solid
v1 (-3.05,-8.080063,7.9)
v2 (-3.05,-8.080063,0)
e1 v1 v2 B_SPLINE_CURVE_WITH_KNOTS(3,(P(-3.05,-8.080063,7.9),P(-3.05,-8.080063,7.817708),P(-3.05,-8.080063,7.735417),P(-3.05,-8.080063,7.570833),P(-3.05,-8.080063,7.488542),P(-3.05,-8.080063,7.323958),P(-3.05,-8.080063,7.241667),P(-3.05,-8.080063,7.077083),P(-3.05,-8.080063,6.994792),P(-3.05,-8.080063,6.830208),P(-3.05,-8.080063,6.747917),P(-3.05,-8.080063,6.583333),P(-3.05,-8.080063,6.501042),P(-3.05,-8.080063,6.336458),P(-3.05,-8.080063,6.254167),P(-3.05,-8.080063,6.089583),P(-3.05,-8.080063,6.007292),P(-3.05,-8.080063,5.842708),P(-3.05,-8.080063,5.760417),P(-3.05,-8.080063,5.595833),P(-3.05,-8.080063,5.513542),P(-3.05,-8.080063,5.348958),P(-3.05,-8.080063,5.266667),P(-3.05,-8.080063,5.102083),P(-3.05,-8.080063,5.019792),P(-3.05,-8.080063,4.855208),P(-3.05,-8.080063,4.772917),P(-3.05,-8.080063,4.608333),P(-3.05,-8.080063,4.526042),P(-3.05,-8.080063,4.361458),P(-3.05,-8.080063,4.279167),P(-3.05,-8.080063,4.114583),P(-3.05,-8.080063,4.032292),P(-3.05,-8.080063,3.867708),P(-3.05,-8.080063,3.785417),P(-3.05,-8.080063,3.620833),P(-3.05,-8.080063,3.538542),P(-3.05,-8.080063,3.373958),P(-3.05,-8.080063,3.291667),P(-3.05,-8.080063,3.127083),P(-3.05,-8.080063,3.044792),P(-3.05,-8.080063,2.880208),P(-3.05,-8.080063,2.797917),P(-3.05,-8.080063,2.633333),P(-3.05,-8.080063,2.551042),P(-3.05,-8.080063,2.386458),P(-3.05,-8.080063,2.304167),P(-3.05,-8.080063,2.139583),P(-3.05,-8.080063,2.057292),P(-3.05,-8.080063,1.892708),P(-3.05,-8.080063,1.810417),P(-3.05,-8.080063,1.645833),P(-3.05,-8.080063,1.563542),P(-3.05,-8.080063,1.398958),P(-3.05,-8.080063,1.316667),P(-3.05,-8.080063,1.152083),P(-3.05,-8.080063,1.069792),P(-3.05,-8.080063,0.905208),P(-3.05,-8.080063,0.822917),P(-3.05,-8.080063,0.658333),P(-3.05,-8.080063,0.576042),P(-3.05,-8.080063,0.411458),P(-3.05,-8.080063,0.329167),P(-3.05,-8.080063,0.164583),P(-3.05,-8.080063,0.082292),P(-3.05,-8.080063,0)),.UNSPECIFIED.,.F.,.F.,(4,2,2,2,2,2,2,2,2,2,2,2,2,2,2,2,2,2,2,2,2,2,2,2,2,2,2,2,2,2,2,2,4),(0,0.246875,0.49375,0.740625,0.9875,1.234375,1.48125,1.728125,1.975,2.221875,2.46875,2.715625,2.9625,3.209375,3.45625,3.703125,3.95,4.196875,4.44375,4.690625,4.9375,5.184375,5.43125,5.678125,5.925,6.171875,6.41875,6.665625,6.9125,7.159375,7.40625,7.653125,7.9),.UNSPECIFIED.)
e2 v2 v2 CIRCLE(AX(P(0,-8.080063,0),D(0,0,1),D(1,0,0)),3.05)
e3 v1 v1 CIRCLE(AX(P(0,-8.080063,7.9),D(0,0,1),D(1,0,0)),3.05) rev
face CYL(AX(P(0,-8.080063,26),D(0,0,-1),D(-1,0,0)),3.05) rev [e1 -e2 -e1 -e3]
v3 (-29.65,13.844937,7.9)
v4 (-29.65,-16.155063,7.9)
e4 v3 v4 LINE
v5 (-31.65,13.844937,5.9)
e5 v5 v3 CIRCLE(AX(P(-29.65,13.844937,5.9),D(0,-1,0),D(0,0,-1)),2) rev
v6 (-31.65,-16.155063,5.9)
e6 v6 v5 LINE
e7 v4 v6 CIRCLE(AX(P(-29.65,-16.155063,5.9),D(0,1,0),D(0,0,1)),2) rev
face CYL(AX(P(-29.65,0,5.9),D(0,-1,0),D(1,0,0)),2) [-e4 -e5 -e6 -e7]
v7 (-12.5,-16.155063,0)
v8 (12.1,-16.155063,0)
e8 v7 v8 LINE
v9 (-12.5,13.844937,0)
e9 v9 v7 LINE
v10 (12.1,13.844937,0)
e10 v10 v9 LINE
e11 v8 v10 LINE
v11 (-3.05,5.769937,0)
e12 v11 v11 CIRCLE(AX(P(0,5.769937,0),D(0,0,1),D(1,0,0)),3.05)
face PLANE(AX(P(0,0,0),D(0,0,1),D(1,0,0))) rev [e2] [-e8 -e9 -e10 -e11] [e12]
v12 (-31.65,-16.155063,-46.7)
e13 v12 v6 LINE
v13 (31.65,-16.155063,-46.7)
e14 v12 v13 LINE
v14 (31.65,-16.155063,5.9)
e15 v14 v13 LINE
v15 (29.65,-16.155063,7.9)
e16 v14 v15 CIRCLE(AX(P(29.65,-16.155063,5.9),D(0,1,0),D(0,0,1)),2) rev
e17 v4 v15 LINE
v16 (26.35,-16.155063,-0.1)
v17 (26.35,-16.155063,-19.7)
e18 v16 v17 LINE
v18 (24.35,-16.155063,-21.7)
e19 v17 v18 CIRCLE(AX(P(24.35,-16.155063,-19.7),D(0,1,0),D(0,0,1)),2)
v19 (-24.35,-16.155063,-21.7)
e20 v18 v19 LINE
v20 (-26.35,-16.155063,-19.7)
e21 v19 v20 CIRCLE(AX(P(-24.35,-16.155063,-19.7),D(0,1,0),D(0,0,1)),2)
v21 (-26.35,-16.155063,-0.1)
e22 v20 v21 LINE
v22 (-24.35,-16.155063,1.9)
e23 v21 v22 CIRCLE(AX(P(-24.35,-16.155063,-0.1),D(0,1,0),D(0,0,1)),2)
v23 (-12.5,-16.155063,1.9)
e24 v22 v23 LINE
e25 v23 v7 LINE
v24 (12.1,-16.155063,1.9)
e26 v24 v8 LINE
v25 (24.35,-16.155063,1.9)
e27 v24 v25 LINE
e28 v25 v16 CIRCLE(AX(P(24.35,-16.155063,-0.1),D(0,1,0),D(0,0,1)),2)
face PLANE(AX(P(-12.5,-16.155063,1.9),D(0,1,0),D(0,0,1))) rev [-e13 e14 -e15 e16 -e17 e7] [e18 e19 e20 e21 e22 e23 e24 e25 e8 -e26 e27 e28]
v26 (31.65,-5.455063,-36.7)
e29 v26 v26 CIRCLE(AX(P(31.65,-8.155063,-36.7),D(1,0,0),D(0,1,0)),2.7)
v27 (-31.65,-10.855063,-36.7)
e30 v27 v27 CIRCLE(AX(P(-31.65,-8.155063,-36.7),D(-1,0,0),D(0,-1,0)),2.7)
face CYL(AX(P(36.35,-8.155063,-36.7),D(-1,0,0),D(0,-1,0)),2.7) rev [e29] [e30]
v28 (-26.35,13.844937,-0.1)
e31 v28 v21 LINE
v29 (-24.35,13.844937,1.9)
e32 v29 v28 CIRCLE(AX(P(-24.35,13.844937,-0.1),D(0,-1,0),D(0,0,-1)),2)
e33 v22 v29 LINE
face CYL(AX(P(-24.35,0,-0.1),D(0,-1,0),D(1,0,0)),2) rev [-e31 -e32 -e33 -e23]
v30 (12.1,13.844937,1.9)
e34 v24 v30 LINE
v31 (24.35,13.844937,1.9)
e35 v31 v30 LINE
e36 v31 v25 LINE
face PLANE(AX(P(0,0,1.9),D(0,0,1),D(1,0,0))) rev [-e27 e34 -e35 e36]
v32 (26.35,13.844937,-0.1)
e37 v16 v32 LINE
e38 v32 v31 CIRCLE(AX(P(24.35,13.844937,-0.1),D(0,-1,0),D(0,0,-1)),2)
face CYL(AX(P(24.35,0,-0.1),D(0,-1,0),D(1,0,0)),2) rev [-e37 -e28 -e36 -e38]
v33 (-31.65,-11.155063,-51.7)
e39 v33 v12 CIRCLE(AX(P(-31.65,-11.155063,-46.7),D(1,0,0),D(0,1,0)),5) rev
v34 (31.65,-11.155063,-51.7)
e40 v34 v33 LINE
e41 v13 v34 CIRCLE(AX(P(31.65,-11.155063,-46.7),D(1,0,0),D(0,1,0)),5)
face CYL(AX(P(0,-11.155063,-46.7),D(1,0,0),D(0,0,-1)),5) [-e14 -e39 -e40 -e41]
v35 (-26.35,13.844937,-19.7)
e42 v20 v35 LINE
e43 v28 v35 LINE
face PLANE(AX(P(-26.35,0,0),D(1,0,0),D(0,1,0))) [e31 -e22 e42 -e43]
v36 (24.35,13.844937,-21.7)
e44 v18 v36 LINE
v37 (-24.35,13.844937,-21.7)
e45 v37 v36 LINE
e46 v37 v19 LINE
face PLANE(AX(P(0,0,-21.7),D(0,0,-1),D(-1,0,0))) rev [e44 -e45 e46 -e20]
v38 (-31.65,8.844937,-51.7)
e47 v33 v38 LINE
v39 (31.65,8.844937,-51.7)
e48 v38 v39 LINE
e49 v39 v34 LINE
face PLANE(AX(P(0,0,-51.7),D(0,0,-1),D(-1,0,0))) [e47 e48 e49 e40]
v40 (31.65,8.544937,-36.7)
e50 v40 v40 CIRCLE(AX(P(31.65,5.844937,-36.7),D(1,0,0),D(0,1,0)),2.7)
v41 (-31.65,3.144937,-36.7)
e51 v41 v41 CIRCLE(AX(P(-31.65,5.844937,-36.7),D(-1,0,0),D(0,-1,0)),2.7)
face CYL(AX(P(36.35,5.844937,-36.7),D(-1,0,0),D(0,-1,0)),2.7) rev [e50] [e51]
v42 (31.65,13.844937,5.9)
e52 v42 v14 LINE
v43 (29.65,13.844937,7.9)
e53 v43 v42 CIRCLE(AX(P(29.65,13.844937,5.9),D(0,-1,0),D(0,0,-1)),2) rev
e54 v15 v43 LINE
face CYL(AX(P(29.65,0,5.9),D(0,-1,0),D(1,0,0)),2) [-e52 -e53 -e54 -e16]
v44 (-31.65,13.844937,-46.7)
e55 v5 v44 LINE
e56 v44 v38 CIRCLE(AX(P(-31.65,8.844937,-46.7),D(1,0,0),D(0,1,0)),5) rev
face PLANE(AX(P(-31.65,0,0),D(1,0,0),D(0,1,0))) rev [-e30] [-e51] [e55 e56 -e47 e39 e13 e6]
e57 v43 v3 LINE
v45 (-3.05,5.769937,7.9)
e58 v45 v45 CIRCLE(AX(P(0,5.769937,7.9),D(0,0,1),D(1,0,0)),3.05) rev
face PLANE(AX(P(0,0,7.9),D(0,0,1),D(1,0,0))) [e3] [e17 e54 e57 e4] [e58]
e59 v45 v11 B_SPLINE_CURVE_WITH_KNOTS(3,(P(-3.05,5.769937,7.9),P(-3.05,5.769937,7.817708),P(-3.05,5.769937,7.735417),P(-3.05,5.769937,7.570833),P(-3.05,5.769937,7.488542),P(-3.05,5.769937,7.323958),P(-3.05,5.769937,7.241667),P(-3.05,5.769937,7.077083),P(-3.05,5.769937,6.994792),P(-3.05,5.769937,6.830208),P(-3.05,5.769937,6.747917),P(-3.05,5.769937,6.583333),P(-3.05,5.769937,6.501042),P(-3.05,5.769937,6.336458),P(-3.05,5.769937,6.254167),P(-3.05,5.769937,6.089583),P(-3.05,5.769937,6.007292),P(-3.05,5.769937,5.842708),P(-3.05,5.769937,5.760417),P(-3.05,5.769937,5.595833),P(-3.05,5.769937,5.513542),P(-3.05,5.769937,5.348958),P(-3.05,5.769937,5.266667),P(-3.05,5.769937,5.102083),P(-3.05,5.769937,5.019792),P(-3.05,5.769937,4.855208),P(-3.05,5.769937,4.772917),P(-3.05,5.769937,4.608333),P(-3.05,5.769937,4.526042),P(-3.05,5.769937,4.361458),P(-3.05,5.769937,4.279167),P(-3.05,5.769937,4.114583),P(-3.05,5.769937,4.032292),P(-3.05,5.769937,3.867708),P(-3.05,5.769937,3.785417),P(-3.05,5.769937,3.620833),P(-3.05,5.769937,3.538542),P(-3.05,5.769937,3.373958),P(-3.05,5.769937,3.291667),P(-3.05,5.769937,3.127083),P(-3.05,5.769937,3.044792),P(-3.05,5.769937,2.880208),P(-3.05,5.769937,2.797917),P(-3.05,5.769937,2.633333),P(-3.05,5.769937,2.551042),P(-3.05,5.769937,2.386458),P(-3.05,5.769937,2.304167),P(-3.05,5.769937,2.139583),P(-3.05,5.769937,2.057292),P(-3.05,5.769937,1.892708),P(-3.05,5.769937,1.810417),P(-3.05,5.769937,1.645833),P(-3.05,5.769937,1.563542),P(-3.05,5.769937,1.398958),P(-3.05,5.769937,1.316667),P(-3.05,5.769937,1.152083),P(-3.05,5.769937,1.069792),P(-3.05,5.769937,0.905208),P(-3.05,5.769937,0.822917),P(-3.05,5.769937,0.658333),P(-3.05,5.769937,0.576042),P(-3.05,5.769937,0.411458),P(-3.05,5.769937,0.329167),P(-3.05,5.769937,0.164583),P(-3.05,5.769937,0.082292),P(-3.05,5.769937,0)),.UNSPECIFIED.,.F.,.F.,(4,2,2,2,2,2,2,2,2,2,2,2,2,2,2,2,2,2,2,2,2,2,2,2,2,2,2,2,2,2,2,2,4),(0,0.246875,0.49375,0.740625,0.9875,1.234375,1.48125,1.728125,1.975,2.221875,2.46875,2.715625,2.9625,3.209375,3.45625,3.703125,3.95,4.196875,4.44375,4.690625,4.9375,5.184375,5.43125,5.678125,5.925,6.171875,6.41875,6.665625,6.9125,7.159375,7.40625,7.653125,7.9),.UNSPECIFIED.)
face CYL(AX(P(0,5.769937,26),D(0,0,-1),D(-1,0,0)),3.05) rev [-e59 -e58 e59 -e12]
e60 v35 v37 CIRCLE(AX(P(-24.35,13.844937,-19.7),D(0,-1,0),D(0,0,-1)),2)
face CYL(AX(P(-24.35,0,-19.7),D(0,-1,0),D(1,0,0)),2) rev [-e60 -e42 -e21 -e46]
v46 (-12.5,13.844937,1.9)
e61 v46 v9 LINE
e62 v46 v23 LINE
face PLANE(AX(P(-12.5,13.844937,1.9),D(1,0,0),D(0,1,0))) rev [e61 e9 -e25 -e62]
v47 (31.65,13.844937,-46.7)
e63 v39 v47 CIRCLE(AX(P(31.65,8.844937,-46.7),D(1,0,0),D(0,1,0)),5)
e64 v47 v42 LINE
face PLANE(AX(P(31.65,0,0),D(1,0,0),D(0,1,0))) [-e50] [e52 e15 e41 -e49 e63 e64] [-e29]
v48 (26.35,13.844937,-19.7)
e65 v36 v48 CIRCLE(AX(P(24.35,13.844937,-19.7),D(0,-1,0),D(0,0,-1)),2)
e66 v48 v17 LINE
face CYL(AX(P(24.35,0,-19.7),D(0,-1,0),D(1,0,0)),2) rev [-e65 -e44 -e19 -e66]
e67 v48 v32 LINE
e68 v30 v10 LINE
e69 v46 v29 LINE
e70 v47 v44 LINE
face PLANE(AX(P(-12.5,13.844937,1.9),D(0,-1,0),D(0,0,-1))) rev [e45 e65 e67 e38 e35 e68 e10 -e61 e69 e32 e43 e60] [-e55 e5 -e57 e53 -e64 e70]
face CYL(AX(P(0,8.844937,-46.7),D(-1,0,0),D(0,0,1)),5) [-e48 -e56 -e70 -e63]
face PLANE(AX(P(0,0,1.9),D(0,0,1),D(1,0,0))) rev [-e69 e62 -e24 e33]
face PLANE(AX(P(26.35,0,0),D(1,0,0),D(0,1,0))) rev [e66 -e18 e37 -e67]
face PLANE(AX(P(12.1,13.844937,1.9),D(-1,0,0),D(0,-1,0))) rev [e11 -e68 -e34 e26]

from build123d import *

# Parameters (mm, degrees)
ESQUISSE1_W             = 24.6
ESQUISSE1_H             = 30
BOSS_EXTRU_1_DEPTH      = 1.9
ESQUISSE2_W             = 52.7
ESQUISSE2_H             = 30
BOSS_EXTRU_2_DEPTH      = 6
ESQUISSE4_W             = 29.6
ESQUISSE4_H             = 30
BOSS_EXTRU_3_DEPTH      = 5.3
ESQUISSE5_W             = 29.6
ESQUISSE5_H             = 30
BOSS_EXTRU_4_DEPTH      = 5.3
ESQUISSE6_W             = 63.3
ESQUISSE6_H             = 30
BOSS_EXTRU_5_DEPTH      = 3
CONG_1_R                = 2
ESQUISSE7_W             = 63.3
ESQUISSE7_H             = 30
BOSS_EXTRU_6_DEPTH      = 27
CONG_3_R                = 5
ESQUISSE3_R             = 3.05
ENL_V_MAT_EXTRU_2_DEPTH = 26
ESQUISSE8_R             = 2.7
ENL_V_MAT_EXTRU_3_DEPTH = 68


with BuildPart() as part:
    # Esquisse1 → Boss.-Extru.1 (new body)
    with BuildSketch(Plane.XY):
        with Locations((-0.2, -1.155063291)):
            Rectangle(ESQUISSE1_W, ESQUISSE1_H)
    extrude(amount=BOSS_EXTRU_1_DEPTH)

    # Esquisse2 → Boss.-Extru.2 (add)
    with BuildSketch(Plane.XY.offset(1.9)):
        with Locations((0, -1.155063291)):
            Rectangle(ESQUISSE2_W, ESQUISSE2_H)
    extrude(amount=BOSS_EXTRU_2_DEPTH)

    # Esquisse4 → Boss.-Extru.3 (add)
    with BuildSketch(Plane.ZY.offset(26.35)):
        with Locations((-6.9, -1.155063291)):
            Rectangle(ESQUISSE4_W, ESQUISSE4_H)
    extrude(amount=BOSS_EXTRU_3_DEPTH)

    # Esquisse5 → Boss.-Extru.4 (add)
    with BuildSketch(Plane(origin=(26.35, 0, 0), x_dir=(0, 0, -1), z_dir=(1, 0, 0))):
        with Locations((6.9, -1.155063291)):
            Rectangle(ESQUISSE5_W, ESQUISSE5_H)
    extrude(amount=BOSS_EXTRU_4_DEPTH)

    # Esquisse6 → Boss.-Extru.5 (add)
    with BuildSketch(Plane(origin=(0, 0, -21.7), x_dir=(-1, 0, 0), z_dir=(0, 0, -1))):
        with Locations((0, -1.155063291)):
            Rectangle(ESQUISSE6_W, ESQUISSE6_H)
    extrude(amount=BOSS_EXTRU_5_DEPTH)

    # Congé1
    cong_1_edges = [part.edges().sort_by_distance(p)[0] for p in [
        (-26.35, -1.155063291, 1.9),
        (26.35, -1.155063291, 1.9),
        (-26.35, -1.155063291, -21.7),
        (-31.65, -1.155063291, 7.9),
        (26.35, -1.155063291, -21.7),
        (31.65, -1.155063291, 7.9),
    ]]
    fillet(cong_1_edges, radius=CONG_1_R)

    # Esquisse7 → Boss.-Extru.6 (add)
    with BuildSketch(Plane(origin=(0, 0, -24.7), x_dir=(-1, 0, 0), z_dir=(0, 0, -1))):
        with Locations((0, -1.155063291)):
            Rectangle(ESQUISSE7_W, ESQUISSE7_H)
    extrude(amount=BOSS_EXTRU_6_DEPTH)

    # Congé3
    cong_3_edges = [part.edges().sort_by_distance(p)[0] for p in [
        (0, -16.155063291, -51.7),
        (0, 13.844936709, -51.7),
    ]]
    fillet(cong_3_edges, radius=CONG_3_R)

    # Esquisse3 → Enlèv. mat.-Extru.2 (cut)
    with BuildSketch(Plane.XY):
        with Locations(Location((0, 5.769936709, 0), (0, 0, 180))):
            Circle(ESQUISSE3_R)
        with Locations(Location((0, -8.080063291, 0), (0, 0, 180))):
            Circle(ESQUISSE3_R)
    extrude(amount=ENL_V_MAT_EXTRU_2_DEPTH, mode=Mode.SUBTRACT)

    # Esquisse8 → Enlèv. mat.-Extru.3 (cut)
    with BuildSketch(Plane.ZY.offset(31.65)):
        with Locations(Location((-36.7, 5.844936709, 0), (0, 0, 270))):
            Circle(ESQUISSE8_R)
        with Locations(Location((-36.7, -8.155063291, 0), (0, 0, 270))):
            Circle(ESQUISSE8_R)
    extrude(amount=-ENL_V_MAT_EXTRU_3_DEPTH, mode=Mode.SUBTRACT)


solid = part.part
